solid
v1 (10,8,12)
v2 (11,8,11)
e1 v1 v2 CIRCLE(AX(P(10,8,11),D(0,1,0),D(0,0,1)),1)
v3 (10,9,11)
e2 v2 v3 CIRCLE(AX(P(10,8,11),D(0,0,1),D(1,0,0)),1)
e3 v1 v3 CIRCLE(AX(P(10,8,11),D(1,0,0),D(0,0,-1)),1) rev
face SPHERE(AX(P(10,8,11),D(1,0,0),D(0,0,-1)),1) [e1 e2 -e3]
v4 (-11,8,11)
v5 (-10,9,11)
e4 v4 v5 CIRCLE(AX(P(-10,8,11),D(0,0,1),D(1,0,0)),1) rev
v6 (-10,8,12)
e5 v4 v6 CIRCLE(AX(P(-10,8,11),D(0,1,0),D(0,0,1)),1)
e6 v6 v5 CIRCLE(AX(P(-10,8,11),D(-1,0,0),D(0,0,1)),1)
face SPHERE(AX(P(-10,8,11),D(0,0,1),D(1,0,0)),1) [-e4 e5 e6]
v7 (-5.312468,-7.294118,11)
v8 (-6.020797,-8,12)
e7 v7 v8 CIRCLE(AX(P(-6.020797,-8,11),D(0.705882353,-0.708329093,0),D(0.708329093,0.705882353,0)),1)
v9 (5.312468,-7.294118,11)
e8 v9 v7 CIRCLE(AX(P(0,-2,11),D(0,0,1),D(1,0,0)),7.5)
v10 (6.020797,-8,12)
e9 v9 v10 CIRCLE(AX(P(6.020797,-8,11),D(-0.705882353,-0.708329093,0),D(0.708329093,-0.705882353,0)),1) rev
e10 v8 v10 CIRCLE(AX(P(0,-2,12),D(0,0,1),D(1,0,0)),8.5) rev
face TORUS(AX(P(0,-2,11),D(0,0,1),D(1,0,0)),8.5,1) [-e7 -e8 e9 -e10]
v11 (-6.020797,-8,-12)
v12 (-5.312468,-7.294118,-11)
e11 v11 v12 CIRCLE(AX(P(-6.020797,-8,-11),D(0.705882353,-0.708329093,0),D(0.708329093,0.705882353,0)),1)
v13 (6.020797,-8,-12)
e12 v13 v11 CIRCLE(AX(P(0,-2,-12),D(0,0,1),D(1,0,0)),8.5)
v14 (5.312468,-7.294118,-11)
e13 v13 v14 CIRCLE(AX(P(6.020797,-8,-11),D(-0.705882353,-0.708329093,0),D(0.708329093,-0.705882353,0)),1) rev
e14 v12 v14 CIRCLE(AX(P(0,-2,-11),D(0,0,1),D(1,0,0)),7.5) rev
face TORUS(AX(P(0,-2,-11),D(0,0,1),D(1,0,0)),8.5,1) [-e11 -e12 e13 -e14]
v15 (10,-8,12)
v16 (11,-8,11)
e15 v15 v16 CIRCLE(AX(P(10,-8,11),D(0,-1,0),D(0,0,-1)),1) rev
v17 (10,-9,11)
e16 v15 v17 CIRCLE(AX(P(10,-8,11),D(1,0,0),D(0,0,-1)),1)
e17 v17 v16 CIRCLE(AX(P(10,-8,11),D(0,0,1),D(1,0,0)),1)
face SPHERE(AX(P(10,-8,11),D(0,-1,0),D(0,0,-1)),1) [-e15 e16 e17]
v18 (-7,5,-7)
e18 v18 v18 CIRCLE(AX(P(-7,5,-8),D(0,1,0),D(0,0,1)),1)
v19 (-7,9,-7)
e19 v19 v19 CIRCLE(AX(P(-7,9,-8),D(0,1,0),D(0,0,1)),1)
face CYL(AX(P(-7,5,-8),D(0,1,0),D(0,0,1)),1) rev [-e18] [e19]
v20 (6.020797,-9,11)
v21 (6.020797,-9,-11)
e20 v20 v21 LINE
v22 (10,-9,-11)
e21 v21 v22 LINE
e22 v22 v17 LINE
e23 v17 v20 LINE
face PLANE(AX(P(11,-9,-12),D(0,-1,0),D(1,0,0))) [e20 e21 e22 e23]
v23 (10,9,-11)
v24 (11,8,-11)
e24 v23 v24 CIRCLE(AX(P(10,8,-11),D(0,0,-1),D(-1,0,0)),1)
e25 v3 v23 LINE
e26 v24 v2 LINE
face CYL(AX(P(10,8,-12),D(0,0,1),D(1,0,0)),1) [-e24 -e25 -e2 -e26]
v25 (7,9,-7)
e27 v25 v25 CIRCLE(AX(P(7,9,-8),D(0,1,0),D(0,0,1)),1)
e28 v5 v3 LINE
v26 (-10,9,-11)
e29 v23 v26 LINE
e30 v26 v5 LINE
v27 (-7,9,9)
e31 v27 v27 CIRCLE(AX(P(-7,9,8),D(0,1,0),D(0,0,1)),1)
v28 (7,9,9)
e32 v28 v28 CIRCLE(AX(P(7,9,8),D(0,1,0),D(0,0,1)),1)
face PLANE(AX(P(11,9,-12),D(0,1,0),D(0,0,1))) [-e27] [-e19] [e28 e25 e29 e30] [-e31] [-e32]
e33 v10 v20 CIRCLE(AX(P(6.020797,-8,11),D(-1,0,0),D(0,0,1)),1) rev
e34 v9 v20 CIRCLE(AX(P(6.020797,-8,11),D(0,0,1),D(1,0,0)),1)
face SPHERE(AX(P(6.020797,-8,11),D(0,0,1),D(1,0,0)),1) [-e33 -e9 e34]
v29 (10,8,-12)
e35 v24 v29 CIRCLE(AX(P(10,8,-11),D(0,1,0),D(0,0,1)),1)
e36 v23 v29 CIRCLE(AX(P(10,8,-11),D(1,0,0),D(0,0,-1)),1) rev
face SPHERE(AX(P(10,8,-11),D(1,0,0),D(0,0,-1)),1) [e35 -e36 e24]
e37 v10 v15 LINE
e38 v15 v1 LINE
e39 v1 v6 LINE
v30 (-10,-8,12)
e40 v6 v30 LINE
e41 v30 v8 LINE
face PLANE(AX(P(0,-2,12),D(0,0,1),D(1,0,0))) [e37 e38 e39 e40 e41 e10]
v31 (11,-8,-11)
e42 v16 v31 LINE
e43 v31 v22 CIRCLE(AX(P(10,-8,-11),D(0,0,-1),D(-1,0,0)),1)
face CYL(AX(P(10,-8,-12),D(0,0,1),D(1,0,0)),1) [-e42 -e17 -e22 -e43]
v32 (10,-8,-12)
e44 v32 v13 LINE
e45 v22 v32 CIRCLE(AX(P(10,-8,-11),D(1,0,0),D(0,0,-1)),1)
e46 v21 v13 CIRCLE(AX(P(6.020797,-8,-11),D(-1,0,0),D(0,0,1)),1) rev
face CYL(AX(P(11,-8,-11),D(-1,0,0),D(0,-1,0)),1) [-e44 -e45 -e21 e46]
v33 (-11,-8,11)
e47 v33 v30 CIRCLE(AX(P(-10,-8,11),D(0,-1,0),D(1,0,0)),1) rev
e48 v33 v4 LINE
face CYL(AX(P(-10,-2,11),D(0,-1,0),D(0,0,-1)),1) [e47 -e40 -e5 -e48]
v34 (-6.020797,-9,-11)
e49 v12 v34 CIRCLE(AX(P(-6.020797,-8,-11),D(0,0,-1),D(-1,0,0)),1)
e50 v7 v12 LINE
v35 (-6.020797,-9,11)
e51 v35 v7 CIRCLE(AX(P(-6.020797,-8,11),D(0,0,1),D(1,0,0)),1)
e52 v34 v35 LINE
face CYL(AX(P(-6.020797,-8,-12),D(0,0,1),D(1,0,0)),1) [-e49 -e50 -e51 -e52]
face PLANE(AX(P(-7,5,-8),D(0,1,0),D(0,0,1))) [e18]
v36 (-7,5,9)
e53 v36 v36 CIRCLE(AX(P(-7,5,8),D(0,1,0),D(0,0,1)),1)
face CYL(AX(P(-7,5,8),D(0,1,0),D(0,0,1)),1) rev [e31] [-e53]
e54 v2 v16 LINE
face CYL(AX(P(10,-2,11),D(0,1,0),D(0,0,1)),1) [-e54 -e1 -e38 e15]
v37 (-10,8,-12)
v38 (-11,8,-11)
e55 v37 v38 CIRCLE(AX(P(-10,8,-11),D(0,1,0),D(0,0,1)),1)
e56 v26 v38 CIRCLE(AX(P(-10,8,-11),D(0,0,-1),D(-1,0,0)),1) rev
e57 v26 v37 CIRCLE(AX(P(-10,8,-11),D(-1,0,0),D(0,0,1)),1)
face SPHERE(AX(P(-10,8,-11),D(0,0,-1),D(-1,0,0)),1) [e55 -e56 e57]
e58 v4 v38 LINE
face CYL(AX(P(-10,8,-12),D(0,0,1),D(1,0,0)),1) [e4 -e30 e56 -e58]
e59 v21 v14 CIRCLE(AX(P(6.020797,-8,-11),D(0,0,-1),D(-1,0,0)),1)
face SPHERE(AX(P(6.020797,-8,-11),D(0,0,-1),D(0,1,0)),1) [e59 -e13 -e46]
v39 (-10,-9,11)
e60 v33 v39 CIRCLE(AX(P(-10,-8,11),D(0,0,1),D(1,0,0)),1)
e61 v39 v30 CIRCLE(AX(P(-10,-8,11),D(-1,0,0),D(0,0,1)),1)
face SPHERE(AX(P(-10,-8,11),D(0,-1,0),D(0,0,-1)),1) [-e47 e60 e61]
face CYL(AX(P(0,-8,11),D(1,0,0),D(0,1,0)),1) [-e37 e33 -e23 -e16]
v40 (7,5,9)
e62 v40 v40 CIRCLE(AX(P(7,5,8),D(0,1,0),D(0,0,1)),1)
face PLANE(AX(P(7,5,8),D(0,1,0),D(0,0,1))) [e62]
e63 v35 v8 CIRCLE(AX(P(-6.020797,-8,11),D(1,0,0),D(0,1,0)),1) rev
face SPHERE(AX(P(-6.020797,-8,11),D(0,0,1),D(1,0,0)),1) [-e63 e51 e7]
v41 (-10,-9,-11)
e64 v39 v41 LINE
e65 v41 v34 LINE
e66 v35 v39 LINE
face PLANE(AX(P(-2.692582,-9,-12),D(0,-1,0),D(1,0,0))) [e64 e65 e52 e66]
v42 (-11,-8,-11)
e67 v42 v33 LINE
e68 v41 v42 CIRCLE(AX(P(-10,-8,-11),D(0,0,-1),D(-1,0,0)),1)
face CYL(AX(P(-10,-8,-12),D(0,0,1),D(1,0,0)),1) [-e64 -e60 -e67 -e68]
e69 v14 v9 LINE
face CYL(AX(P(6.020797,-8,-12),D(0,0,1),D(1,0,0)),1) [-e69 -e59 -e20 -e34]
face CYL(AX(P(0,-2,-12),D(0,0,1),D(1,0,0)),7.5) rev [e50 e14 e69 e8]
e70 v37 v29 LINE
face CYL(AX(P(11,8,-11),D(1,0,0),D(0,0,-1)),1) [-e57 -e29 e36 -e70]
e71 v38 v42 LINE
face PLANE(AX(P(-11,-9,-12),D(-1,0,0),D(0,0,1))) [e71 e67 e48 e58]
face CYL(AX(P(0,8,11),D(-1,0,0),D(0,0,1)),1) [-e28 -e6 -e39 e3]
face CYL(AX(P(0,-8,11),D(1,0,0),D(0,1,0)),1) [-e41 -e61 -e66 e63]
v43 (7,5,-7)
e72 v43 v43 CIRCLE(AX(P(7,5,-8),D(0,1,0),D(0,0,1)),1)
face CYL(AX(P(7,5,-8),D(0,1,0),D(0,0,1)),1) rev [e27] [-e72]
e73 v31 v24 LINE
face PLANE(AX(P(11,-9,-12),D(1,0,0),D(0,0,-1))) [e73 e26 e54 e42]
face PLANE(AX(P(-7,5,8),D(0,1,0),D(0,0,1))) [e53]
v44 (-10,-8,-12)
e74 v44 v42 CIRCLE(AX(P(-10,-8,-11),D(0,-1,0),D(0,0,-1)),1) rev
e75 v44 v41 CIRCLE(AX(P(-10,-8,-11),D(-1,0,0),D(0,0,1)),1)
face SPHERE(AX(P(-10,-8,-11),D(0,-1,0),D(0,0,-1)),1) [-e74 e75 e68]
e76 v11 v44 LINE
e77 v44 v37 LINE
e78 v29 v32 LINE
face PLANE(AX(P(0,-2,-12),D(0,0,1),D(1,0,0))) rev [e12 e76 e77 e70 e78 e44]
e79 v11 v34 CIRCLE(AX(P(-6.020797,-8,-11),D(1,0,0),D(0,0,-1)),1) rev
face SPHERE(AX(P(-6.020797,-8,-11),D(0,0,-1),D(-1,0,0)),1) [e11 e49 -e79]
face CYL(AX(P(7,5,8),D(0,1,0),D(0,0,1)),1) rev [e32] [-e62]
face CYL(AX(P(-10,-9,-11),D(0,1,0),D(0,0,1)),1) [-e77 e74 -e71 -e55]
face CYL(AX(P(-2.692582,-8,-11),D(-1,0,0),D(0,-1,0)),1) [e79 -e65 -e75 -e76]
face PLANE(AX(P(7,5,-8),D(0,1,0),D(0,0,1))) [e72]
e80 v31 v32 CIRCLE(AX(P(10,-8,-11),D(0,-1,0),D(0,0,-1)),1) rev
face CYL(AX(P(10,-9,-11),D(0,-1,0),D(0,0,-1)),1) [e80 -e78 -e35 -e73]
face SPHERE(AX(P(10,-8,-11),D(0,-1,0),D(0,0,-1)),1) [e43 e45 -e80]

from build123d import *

# Parameters (mm, degrees)
BOSS_EXTRU_1_DEPTH      = 12
BOSS_EXTRU_1_DEPTH_BACK = 12
ENL_V_START             = 9
ESQUISSE2_R             = 1
ENL_V_MAT_EXTRU_1_DEPTH = 4
CONG_1_R                = 1


with BuildPart() as part:
    # Esquisse1 → Boss.-Extru.1 (new body, two sides)
    with BuildSketch(Plane.XY) as boss_extru_1_sk:
        with BuildLine():
            Line((11, -9), (2.692582404, -9))
            ThreePointArc((2.692582404, -9), (0, 5.5), (-2.692582404, -9))
            Line((-2.692582404, -9), (-11, -9))
            Line((-11, -9), (-11, 9))
            Line((-11, 9), (11, 9))
            Line((11, 9), (11, -9))
        make_face()
    extrude(amount=BOSS_EXTRU_1_DEPTH)
    extrude(boss_extru_1_sk.sketch, amount=-BOSS_EXTRU_1_DEPTH_BACK)

    # Esquisse2 → Enlèv. mat.-Extru.1 (cut)
    with BuildSketch(Plane(origin=(0, 0, 0), x_dir=(1, 0, 0), z_dir=(0, 1, 0)).offset(ENL_V_START)):
        with Locations((-7, 8)):
            Circle(ESQUISSE2_R)
        with Locations((7, 8)):
            Circle(ESQUISSE2_R)
        with Locations((7, -8)):
            Circle(ESQUISSE2_R)
        with Locations((-7, -8)):
            Circle(ESQUISSE2_R)
    extrude(amount=-ENL_V_MAT_EXTRU_1_DEPTH, mode=Mode.SUBTRACT)

    # Congé1
    cong_1_edges = [part.edges().sort_by_distance(p)[0] for p in [
        (-11, 9, 0),
        (11, 9, 0),
        (11, -9, 0),
        (2.692582404, -9, 0),
        (-2.692582404, -9, 0),
        (-11, -9, 0),
        (0, 5.5, -12),
        (6.846291202, -9, -12),
        (-11, 0, 12),
        (-6.846291202, -9, 12),
        (0, 5.5, 12),
        (6.846291202, -9, 12),
        (11, 0, 12),
        (0, 9, 12),
        (11, 0, -12),
        (0, 9, -12),
        (-11, 0, -12),
        (-6.846291202, -9, -12),
    ]]
    fillet(cong_1_edges, radius=CONG_1_R)


solid = part.part
